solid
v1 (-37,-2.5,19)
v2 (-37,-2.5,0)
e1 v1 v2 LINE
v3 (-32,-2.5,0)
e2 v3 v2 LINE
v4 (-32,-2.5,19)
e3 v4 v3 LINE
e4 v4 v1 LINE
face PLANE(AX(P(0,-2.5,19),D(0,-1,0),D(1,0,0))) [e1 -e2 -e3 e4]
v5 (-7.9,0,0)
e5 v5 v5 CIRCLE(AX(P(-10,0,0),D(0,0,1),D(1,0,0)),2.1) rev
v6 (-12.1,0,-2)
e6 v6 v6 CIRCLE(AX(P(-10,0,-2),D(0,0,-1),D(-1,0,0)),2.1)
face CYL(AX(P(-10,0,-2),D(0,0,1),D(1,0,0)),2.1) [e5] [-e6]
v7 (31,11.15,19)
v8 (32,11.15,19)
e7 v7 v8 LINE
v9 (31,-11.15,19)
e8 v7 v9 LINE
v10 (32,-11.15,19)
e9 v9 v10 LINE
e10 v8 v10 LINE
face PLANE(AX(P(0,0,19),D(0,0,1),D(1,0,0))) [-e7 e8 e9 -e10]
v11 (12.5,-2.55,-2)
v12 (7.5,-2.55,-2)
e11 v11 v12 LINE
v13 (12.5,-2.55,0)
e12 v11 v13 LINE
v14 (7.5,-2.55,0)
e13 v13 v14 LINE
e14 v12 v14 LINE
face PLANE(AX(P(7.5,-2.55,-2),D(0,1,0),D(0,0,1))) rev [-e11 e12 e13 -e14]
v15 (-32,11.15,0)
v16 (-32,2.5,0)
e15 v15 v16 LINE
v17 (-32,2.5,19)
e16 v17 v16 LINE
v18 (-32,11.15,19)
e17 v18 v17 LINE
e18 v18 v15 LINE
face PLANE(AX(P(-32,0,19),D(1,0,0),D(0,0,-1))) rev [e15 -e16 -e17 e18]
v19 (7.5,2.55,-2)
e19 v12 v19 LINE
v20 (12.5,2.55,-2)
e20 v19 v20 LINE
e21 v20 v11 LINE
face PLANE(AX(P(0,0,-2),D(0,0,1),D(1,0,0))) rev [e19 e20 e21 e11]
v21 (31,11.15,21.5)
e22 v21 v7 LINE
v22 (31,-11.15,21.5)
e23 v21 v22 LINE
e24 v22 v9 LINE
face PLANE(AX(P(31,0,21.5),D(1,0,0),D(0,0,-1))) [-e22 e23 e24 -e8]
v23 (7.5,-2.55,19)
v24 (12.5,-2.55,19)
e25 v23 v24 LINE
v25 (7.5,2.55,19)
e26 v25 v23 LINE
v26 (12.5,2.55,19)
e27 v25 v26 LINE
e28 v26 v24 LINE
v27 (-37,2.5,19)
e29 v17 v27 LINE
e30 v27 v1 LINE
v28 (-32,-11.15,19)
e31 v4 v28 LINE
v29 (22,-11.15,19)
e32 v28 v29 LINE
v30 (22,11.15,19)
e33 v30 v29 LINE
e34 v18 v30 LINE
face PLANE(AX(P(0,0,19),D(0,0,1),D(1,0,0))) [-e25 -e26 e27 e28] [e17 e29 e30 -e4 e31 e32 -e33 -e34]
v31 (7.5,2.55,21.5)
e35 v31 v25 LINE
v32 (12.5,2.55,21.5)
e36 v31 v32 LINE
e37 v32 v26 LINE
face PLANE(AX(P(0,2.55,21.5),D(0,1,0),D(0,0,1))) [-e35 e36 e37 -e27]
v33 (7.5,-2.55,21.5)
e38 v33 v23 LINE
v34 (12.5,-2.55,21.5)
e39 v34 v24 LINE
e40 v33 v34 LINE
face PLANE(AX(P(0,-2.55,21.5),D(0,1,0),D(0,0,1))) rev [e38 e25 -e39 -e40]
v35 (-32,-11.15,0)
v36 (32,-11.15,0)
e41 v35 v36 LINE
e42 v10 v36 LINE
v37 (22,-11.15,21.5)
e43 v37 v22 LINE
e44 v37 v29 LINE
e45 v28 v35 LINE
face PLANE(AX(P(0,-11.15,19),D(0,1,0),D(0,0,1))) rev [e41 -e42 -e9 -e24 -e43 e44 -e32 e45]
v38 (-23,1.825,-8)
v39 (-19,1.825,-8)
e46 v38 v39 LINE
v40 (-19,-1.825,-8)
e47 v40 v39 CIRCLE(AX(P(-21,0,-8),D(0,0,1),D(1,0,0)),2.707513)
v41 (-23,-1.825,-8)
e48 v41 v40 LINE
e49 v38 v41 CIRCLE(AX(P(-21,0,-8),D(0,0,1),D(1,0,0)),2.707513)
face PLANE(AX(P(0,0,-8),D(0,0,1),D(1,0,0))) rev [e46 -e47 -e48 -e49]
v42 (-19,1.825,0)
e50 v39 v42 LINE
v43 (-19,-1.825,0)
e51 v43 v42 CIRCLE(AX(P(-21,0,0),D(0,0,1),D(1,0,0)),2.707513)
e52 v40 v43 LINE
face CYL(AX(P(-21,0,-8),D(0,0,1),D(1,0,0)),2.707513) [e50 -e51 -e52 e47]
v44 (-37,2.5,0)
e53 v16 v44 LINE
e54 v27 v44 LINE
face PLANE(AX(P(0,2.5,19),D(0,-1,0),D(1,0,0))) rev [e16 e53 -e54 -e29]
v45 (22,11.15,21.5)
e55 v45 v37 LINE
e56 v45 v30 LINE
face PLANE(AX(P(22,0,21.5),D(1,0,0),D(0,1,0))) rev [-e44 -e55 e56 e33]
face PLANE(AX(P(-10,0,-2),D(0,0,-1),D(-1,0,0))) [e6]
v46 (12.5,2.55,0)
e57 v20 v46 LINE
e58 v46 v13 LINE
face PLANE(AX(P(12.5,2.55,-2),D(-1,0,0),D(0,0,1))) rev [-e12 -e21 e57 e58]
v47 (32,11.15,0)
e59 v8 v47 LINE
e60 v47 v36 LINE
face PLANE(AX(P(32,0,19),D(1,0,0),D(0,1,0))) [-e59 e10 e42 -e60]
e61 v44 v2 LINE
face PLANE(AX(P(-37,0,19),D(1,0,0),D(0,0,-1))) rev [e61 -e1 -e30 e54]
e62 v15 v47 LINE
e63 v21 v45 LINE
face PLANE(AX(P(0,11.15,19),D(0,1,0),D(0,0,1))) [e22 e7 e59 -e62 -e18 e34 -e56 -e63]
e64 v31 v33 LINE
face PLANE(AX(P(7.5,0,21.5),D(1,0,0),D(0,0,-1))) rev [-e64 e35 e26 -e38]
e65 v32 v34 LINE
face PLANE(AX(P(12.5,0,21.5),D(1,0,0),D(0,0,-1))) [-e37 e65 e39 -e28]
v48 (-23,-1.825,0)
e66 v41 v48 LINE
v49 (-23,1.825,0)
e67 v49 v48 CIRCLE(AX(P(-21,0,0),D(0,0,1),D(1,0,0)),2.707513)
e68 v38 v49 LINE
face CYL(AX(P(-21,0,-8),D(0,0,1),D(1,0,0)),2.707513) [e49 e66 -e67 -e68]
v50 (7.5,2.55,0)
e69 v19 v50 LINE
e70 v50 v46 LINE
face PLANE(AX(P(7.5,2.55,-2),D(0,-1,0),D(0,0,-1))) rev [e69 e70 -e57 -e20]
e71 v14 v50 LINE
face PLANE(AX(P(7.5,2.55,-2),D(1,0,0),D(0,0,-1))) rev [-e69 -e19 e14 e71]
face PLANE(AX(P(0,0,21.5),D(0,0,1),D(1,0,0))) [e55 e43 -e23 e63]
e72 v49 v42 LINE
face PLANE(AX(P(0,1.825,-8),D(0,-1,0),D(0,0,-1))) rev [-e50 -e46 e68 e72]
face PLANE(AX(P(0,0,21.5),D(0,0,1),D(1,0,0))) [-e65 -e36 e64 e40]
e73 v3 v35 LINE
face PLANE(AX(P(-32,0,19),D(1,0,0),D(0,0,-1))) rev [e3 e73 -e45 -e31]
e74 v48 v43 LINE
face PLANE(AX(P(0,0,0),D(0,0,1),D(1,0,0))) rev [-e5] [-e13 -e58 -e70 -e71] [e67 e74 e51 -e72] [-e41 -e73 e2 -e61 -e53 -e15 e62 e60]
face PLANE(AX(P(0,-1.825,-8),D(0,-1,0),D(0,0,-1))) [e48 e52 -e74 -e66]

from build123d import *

# Parameters (mm, degrees)
SKETCH2_W           = 64
SKETCH2_H           = 22.3
SKETCH2_W_2         = 5
SKETCH2_H_2         = 5
BOSS_EXTRUDE1_DEPTH = 19
BOSS_EXTRUDE2_DEPTH = 8
SKETCH4_R           = 2.1
SKETCH4_W           = 5
SKETCH4_H           = 5.1
BOSS_EXTRUDE3_DEPTH = 2
SKETCH5_W           = 5
SKETCH5_H           = 5.1
SKETCH5_W_2         = 9
SKETCH5_H_2         = 22.3
BOSS_EXTRUDE4_DEPTH = 2.5


with BuildPart() as part:
    # Sketch2 → Boss-Extrude1 (new body)
    with BuildSketch(Plane.XY):
        Rectangle(SKETCH2_W, SKETCH2_H)
        with Locations((-34.5, 0)):
            Rectangle(SKETCH2_W_2, SKETCH2_H_2)
    extrude(amount=BOSS_EXTRUDE1_DEPTH)

    # Sketch3 → Boss-Extrude2 (add)
    with BuildSketch(Plane.XY):
        with BuildLine():
            ThreePointArc((-23, 1.825), (-23.707512696, 0), (-23, -1.825))
            Line((-23, -1.825), (-19, -1.825))
            ThreePointArc((-19, -1.825), (-18.475554477, -0.97867247), (-18.292487304, 0))
            ThreePointArc((-18.292487304, 0), (-18.475554477, 0.97867247), (-19, 1.825))
            Line((-19, 1.825), (-23, 1.825))
        make_face()
    extrude(amount=-BOSS_EXTRUDE2_DEPTH)

    # Sketch4 → Boss-Extrude3 (add)
    with BuildSketch(Plane(origin=(0, 0, 0), x_dir=(-1, 0, 0), z_dir=(0, 0, -1))):
        with Locations((10, 0)):
            Circle(SKETCH4_R)
        with Locations((-10, 0)):
            Rectangle(SKETCH4_W, SKETCH4_H)
    extrude(amount=BOSS_EXTRUDE3_DEPTH)

    # Sketch5 → Boss-Extrude4 (add)
    with BuildSketch(Plane.XY.offset(19)):
        with Locations((10, 0)):
            Rectangle(SKETCH5_W, SKETCH5_H)
        with Locations((26.5, 0)):
            Rectangle(SKETCH5_W_2, SKETCH5_H_2)
    extrude(amount=BOSS_EXTRUDE4_DEPTH)


solid = part.part
